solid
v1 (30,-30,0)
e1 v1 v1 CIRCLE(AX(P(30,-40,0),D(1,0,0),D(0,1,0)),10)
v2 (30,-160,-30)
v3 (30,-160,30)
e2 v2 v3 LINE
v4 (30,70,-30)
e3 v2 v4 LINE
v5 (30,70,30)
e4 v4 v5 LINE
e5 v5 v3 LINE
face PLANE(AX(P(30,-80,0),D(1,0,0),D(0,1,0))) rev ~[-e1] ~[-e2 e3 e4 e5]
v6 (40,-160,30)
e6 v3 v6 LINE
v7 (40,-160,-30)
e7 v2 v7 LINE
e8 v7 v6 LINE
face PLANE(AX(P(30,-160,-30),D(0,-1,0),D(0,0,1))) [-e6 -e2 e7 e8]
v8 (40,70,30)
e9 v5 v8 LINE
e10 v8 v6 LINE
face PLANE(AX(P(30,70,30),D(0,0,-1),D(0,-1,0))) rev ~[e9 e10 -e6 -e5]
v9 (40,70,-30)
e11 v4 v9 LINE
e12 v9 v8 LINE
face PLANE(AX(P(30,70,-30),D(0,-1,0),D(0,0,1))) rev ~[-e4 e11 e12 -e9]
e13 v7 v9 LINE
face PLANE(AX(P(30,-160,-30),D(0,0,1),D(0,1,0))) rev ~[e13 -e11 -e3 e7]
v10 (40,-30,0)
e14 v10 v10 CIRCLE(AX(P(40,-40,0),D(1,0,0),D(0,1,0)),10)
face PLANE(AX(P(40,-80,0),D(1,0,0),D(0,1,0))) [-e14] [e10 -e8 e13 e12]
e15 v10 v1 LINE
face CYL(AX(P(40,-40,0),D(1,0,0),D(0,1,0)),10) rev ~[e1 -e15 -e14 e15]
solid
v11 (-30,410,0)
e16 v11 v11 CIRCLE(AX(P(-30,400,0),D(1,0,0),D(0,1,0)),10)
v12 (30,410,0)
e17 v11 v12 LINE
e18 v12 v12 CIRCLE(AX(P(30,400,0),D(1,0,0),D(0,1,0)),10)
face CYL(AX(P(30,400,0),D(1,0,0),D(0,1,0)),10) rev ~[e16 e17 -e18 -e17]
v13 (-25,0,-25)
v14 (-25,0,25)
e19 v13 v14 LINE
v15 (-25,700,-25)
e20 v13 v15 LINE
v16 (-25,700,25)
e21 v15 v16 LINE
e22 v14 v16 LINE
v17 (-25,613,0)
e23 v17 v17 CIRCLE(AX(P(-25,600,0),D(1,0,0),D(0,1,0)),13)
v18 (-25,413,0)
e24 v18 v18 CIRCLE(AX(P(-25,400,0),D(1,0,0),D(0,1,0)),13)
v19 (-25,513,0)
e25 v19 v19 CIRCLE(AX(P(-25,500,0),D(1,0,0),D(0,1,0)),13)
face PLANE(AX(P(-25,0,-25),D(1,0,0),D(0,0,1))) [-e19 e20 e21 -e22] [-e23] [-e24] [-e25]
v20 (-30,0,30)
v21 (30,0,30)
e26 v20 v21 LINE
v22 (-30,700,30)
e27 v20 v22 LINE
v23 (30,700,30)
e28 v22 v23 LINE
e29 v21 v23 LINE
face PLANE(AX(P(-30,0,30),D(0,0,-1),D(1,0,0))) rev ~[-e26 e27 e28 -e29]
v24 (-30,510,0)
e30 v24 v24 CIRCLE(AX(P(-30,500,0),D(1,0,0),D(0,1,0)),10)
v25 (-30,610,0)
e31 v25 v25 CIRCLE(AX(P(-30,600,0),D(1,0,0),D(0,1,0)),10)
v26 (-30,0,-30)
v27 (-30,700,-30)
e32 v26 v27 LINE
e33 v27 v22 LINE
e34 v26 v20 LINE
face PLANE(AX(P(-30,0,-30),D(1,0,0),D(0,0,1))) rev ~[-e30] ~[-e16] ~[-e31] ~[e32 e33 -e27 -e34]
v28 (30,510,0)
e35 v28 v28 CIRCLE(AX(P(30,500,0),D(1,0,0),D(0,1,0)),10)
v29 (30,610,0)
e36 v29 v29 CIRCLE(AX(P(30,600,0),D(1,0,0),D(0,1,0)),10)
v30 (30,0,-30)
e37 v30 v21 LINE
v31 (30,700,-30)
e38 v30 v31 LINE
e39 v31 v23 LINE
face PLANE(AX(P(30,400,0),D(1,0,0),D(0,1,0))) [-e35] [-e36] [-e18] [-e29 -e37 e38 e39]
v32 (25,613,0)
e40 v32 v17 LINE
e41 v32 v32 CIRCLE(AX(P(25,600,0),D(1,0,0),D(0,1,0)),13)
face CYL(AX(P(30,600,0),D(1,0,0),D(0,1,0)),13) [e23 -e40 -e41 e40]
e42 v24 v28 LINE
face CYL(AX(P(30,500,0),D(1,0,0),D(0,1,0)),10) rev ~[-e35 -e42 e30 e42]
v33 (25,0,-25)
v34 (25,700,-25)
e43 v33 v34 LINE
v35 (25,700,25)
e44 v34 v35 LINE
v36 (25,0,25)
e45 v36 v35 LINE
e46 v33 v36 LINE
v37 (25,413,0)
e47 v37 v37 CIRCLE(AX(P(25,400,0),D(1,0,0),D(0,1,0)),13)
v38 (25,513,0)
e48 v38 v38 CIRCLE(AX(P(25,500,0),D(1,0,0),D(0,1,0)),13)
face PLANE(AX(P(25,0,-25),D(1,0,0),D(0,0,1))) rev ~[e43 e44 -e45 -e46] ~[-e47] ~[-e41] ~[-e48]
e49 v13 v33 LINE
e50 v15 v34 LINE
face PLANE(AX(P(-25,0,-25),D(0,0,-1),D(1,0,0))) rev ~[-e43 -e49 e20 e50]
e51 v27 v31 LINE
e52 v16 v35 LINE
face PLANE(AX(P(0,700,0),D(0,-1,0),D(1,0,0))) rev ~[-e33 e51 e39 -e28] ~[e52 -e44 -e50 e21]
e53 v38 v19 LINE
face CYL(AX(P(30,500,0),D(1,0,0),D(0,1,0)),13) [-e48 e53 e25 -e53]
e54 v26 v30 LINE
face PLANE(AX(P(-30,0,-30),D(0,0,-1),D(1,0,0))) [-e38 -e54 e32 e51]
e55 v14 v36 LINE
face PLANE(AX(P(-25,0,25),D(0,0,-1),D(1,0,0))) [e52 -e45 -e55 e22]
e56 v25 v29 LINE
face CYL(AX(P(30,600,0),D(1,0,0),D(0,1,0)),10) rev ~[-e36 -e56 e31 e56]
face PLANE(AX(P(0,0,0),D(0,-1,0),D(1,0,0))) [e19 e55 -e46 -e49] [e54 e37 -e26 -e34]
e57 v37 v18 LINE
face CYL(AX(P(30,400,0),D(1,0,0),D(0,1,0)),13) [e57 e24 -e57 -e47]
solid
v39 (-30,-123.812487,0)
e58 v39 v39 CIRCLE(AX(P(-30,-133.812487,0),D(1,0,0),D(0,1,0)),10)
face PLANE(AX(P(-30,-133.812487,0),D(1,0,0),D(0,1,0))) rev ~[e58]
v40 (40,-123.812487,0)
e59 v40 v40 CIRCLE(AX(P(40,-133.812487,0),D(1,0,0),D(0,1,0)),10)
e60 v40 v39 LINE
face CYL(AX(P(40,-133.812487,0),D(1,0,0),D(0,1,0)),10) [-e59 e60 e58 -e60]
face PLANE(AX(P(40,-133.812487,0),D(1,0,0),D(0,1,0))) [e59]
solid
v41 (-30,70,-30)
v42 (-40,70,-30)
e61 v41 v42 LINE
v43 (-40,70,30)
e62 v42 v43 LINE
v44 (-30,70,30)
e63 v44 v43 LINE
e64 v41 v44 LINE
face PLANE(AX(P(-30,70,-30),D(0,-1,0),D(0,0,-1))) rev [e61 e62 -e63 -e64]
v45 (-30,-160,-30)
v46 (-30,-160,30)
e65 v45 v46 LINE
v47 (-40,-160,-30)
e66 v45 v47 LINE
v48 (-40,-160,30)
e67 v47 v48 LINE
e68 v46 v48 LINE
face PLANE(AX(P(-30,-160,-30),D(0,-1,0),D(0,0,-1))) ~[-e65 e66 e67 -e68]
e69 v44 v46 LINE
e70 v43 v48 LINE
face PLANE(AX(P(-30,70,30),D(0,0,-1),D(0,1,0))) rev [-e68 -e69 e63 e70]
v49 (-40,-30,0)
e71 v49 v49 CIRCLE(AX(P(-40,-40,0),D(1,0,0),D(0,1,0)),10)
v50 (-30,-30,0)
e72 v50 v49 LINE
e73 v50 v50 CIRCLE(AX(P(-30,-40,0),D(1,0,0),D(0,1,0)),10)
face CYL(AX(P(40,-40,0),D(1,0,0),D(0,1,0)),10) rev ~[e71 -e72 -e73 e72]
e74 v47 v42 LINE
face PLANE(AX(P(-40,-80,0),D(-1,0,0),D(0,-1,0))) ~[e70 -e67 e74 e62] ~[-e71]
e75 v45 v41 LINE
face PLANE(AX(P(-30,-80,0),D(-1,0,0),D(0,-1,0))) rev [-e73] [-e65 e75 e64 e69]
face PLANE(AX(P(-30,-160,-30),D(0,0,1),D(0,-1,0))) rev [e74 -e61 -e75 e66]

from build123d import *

# Parameters (mm, degrees)
F0_W      = 60
F0_H      = 60
F0_W_2    = 50
F0_H_2    = 50
F1_DEPTH  = 700
F2_W      = 160
F2_H      = 60
F2_W_2    = 70
F3_DEPTH  = 10
F4_R      = 10
F6_DEPTH  = 70
F7_R      = 13
F7_R_2    = 10
F8_DEPTH  = 60
F9_DEPTH  = 70.001
F10_R     = 10
F11_DEPTH = 80.001


with BuildPart() as f1:
    # F0 (on Front) → F1 (new body)
    with BuildSketch(Plane.XZ):
        Rectangle(F0_W, F0_H)
        Rectangle(F0_W_2, F0_H_2, mode=Mode.SUBTRACT)
    extrude(amount=-F1_DEPTH)

    # F7 (on face) → F8 (join, through all)
    with BuildSketch(Plane.YZ.offset(30)):
        with Locations((400, 0)):
            Circle(F7_R)
        with Locations((400, 0)):
            Circle(F7_R_2, mode=Mode.SUBTRACT)
        with Locations((500, 0)):
            Circle(F7_R)
        with Locations((500, 0)):
            Circle(F7_R_2, mode=Mode.SUBTRACT)
        with Locations((600, 0)):
            Circle(F7_R)
        with Locations((600, 0)):
            Circle(F7_R_2, mode=Mode.SUBTRACT)
    extrude(amount=-F8_DEPTH)

    # F7 (on face) → F9 (cut, through all)
    with BuildSketch(Plane.YZ.offset(30)):
        with Locations((600, 0)):
            Circle(F7_R_2)
        with Locations((500, 0)):
            Circle(F7_R_2)
        with Locations((400, 0)):
            Circle(F7_R_2)
    extrude(amount=-F9_DEPTH, mode=Mode.SUBTRACT)


with BuildPart() as f3:
    # F2 (on face) → F3 (new body)
    with BuildSketch(Plane.YZ.offset(30)):
        with Locations((-80, 0)):
            Rectangle(F2_W, F2_H)
        with Locations((35, 0)):
            Rectangle(F2_W_2, F2_H)
    extrude(amount=F3_DEPTH)


with BuildPart() as f5_1:
    # F5: instance of F3
    add(f3.part.mirror(Plane.YZ))


with BuildPart() as f6:
    # F4 (on face) → F6 (new body, through all)
    with BuildSketch(Plane.YZ.offset(40)):
        with Locations((-133.8124871254, 0)):
            Circle(F4_R)
    extrude(amount=-F6_DEPTH)


with BuildPart() as f11_tool:
    # F10 (on face) → F11 (new body, through all)
    with BuildSketch(Plane.YZ.offset(40)):
        with Locations((-40, 0)):
            Circle(F10_R)
    extrude(amount=-F11_DEPTH)


with BuildPart() as f3_1:
    add(f3.part)

    # F11: cut by f11_tool
    add(f11_tool.part, mode=Mode.SUBTRACT)


with BuildPart() as f5_1_1:
    add(f5_1.part)

    # F11: cut by f11_tool
    add(f11_tool.part, mode=Mode.SUBTRACT)


solid = Compound([f1.part, f6.part, f3_1.part, f5_1_1.part])
